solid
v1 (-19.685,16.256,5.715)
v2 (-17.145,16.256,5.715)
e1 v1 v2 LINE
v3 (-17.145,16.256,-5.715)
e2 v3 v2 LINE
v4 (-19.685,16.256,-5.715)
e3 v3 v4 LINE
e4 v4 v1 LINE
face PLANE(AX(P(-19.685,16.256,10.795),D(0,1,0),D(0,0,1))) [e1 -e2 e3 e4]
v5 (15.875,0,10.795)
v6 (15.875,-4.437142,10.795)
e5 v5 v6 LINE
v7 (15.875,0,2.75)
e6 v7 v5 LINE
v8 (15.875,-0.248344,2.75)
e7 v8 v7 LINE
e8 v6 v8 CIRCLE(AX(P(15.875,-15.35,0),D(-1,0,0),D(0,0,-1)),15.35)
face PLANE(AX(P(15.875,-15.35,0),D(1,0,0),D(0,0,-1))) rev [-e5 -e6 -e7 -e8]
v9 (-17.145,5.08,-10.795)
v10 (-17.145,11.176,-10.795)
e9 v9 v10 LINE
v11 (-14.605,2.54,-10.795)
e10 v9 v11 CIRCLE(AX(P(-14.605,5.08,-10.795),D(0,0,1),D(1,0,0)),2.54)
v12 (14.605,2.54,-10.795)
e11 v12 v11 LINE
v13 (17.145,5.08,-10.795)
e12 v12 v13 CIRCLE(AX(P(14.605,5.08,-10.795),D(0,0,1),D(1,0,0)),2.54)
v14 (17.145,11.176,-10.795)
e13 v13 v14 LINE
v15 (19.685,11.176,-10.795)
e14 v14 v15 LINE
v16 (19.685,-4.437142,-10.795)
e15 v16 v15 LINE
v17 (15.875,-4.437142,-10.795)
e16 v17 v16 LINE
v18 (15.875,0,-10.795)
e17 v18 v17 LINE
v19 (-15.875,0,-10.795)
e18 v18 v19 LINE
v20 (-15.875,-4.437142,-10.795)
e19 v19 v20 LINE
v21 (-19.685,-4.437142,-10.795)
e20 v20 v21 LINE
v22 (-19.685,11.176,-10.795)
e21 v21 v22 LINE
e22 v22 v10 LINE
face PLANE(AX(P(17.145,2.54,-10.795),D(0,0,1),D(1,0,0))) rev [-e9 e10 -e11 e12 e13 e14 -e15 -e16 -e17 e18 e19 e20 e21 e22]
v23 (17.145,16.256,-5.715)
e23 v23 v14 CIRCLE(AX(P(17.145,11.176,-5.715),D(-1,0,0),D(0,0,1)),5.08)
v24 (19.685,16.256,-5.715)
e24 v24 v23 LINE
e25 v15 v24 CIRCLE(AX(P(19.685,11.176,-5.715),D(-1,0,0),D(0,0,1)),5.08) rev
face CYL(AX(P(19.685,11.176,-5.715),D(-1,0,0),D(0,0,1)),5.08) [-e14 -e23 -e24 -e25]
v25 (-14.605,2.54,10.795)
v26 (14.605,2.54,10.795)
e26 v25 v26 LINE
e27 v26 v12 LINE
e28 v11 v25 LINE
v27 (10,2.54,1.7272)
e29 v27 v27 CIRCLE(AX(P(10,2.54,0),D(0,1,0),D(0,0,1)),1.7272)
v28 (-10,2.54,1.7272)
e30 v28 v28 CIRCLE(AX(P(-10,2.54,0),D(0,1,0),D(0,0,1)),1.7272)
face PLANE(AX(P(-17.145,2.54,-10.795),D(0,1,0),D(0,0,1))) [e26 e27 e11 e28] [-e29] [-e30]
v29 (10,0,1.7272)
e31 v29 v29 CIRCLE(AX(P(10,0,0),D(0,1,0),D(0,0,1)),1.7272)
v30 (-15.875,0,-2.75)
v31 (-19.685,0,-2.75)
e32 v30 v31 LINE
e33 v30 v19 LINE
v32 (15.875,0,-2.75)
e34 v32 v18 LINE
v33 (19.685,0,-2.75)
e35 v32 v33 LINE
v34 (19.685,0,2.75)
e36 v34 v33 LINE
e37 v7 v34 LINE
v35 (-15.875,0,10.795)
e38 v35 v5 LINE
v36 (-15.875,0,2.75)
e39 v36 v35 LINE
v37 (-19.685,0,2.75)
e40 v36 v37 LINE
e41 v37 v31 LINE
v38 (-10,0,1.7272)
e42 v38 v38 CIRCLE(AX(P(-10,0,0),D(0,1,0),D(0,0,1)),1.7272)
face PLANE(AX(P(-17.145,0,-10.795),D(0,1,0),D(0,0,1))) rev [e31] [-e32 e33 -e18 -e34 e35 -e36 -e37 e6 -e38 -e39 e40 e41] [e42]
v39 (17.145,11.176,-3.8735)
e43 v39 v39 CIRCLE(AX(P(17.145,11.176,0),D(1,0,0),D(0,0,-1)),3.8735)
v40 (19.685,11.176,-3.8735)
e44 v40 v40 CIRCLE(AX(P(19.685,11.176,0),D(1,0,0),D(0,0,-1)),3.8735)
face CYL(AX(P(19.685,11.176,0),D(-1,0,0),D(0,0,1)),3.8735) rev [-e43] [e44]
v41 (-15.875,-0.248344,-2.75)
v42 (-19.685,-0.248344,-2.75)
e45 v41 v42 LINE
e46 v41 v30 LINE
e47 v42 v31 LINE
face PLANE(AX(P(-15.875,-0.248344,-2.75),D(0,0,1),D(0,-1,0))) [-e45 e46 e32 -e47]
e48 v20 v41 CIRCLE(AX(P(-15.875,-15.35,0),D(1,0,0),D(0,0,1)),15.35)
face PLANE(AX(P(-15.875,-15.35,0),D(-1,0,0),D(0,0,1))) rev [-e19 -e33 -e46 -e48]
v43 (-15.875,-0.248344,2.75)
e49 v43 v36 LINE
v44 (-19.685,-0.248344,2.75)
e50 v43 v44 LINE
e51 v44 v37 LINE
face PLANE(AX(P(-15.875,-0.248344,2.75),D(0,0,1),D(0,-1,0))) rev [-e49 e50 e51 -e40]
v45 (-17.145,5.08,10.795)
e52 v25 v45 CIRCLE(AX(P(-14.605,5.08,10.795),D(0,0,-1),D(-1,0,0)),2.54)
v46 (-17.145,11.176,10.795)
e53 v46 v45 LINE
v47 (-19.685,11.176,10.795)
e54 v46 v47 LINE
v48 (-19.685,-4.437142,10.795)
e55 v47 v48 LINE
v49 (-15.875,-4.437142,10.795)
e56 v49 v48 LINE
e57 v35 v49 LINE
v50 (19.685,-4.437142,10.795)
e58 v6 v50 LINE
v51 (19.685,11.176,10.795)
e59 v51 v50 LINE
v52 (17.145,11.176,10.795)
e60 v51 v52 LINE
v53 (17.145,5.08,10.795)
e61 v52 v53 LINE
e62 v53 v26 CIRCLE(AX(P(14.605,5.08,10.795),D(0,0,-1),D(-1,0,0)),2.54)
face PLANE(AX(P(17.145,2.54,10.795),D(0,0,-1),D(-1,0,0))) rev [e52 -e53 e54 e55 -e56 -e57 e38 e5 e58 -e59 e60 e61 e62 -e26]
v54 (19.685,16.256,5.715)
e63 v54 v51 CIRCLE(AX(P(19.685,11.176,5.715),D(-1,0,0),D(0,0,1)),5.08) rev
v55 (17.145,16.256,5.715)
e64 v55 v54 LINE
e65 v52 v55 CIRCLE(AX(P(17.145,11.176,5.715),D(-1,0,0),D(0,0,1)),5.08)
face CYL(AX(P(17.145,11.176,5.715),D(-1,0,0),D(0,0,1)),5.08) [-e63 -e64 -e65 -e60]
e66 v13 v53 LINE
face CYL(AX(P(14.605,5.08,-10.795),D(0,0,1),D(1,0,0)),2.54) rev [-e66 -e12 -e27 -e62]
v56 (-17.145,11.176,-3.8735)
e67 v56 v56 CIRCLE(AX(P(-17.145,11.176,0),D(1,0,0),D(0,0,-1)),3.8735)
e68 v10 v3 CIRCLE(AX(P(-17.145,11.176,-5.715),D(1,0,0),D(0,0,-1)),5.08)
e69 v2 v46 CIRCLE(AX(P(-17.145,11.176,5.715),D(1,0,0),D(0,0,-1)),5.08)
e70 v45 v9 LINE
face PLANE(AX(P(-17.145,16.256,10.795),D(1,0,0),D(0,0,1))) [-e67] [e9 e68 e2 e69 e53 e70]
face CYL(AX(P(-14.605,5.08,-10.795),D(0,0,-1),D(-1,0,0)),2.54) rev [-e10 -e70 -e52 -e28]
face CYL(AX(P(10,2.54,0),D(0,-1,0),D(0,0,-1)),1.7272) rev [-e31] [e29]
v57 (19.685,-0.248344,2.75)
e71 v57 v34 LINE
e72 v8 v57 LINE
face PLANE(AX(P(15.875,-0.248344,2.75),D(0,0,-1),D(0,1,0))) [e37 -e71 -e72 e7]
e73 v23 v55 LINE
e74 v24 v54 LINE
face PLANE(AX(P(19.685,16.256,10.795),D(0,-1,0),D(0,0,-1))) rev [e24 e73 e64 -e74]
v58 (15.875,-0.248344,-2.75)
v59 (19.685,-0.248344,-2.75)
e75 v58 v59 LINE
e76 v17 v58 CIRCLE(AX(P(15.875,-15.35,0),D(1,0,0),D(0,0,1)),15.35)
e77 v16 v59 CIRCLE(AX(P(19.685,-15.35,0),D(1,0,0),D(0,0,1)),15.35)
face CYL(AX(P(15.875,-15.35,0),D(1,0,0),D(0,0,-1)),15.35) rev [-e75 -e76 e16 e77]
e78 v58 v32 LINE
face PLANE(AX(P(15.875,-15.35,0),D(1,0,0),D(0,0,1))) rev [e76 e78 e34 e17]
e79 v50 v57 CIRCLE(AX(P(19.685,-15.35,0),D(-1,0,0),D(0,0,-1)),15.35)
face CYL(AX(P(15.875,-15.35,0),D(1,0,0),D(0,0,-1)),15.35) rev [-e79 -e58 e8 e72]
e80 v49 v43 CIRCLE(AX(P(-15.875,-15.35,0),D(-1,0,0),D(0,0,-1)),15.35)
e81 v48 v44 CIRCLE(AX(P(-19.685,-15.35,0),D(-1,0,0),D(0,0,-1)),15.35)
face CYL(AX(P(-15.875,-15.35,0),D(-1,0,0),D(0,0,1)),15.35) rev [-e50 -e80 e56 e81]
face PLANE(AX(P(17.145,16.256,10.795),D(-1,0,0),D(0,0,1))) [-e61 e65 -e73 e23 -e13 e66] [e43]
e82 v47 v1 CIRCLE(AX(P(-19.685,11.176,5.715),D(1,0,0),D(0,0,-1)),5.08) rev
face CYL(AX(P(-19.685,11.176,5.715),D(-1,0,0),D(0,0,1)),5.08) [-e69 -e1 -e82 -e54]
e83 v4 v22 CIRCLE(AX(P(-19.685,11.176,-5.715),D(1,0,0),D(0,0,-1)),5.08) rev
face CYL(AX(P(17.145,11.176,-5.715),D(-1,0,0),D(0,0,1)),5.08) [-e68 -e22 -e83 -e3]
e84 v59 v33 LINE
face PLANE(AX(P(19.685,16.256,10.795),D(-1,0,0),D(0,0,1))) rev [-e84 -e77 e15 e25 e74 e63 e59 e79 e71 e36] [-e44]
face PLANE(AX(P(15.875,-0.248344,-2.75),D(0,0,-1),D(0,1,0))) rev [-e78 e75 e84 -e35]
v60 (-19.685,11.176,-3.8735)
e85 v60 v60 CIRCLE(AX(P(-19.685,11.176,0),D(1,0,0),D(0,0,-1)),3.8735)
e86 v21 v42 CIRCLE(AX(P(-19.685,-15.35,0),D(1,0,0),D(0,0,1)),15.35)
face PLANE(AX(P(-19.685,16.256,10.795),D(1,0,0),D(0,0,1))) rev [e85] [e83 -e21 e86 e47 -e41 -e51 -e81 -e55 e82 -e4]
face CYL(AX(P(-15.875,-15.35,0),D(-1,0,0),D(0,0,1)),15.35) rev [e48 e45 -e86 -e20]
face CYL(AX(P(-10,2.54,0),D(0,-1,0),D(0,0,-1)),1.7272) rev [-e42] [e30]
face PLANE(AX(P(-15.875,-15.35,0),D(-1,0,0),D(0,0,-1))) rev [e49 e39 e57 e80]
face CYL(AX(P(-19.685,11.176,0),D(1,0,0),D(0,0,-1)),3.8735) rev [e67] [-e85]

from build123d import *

# Parameters (mm, degrees)
SKETCH1_W            = 34.29
SKETCH1_H            = 21.59
SKETCH1_R            = 1.7272
BOSS_EXTRUDE1_DEPTH  = 2.54
SKETCH2_W            = 21.59
SKETCH2_H            = 16.256
SKETCH2_R            = 3.8735
BOSS_EXTRUDE2_DEPTH  = 2.54
FILLET1_R            = 5.08
BOSS_EXTRUDE5_DEPTH  = 3.81
MIRROR4_COPY_1_DEPTH = 3.81
FILLET3_R            = 2.54


with BuildPart() as part:
    # Sketch1 → Boss-Extrude1 (new body)
    with BuildSketch(Plane(origin=(0, 0, 0), x_dir=(1, 0, 0), z_dir=(0, 1, 0))):
        Rectangle(SKETCH1_W, SKETCH1_H)
        with Locations(Location((-10, 0, 0), (0, 0, 270))):
            Circle(SKETCH1_R, mode=Mode.SUBTRACT)
        with Locations(Location((10, 0, 0), (0, 0, 270))):
            Circle(SKETCH1_R, mode=Mode.SUBTRACT)
    extrude(amount=BOSS_EXTRUDE1_DEPTH)

    # Sketch2 → Boss-Extrude2 (add)
    with BuildSketch(Plane(origin=(17.145, 0, 0), x_dir=(0, 0, -1), z_dir=(1, 0, 0))):
        with Locations((0, 8.128)):
            Rectangle(SKETCH2_W, SKETCH2_H)
        with Locations((0, 11.176)):
            Circle(SKETCH2_R, mode=Mode.SUBTRACT)
    boss_extrude2 = extrude(amount=BOSS_EXTRUDE2_DEPTH)

    # Mirror1: Boss-Extrude2 across plane
    add(boss_extrude2.mirror(Plane(origin=(0, 0, 0), x_dir=(0, 0, 1), z_dir=(1, 0, 0))))

    # Fillet1
    fillet1_edges = [part.edges().sort_by_distance(p)[0] for p in [
        (-18.415, 16.256, -10.795),
        (-18.415, 16.256, 10.795),
        (18.415, 16.256, 10.795),
        (18.415, 16.256, -10.795),
    ]]
    fillet(fillet1_edges, radius=FILLET1_R)

    # Sketch11 → Boss-Extrude5 (add)
    with BuildSketch(Plane.ZY.offset(19.685)):
        with BuildLine():
            Line((-10.795, 0), (-10.795, -4.437141758))
            ThreePointArc((-10.795, -4.437141758), (-7.088953516, -1.734962797), (-2.75, -0.248344462))
            Line((-2.75, -0.248344462), (-2.75, 0))
            Line((-2.75, 0), (-10.795, 0))
        make_face()
    boss_extrude5 = extrude(amount=-BOSS_EXTRUDE5_DEPTH)

    # Mirror3: Boss-Extrude5 across plane
    add(boss_extrude5.mirror(Plane.XY))

    # Mirror4: Boss-Extrude5 across plane
    add(boss_extrude5.mirror(Plane(origin=(0, 0, 0), x_dir=(0, 0, 1), z_dir=(1, 0, 0))))

    # Mirror4 copy 1 sketch → Mirror4 copy 1 (add)
    with BuildSketch(Plane(origin=(19.685, 0, 0), x_dir=(0, 0, -1), z_dir=(1, 0, 0))):
        with BuildLine():
            Line((-10.795, 0), (-10.795, -4.437141758))
            ThreePointArc((-10.795, -4.437141758), (-7.088953516, -1.734962797), (-2.75, -0.248344462))
            Line((-2.75, -0.248344462), (-2.75, 0))
            Line((-2.75, 0), (-10.795, 0))
        make_face()
    extrude(amount=-MIRROR4_COPY_1_DEPTH)

    # Fillet3
    fillet3_edges = [part.edges().sort_by_distance(p)[0] for p in [
        (-17.145, 2.54, 0),
        (17.145, 2.54, 0),
    ]]
    fillet(fillet3_edges, radius=FILLET3_R)


solid = part.part
